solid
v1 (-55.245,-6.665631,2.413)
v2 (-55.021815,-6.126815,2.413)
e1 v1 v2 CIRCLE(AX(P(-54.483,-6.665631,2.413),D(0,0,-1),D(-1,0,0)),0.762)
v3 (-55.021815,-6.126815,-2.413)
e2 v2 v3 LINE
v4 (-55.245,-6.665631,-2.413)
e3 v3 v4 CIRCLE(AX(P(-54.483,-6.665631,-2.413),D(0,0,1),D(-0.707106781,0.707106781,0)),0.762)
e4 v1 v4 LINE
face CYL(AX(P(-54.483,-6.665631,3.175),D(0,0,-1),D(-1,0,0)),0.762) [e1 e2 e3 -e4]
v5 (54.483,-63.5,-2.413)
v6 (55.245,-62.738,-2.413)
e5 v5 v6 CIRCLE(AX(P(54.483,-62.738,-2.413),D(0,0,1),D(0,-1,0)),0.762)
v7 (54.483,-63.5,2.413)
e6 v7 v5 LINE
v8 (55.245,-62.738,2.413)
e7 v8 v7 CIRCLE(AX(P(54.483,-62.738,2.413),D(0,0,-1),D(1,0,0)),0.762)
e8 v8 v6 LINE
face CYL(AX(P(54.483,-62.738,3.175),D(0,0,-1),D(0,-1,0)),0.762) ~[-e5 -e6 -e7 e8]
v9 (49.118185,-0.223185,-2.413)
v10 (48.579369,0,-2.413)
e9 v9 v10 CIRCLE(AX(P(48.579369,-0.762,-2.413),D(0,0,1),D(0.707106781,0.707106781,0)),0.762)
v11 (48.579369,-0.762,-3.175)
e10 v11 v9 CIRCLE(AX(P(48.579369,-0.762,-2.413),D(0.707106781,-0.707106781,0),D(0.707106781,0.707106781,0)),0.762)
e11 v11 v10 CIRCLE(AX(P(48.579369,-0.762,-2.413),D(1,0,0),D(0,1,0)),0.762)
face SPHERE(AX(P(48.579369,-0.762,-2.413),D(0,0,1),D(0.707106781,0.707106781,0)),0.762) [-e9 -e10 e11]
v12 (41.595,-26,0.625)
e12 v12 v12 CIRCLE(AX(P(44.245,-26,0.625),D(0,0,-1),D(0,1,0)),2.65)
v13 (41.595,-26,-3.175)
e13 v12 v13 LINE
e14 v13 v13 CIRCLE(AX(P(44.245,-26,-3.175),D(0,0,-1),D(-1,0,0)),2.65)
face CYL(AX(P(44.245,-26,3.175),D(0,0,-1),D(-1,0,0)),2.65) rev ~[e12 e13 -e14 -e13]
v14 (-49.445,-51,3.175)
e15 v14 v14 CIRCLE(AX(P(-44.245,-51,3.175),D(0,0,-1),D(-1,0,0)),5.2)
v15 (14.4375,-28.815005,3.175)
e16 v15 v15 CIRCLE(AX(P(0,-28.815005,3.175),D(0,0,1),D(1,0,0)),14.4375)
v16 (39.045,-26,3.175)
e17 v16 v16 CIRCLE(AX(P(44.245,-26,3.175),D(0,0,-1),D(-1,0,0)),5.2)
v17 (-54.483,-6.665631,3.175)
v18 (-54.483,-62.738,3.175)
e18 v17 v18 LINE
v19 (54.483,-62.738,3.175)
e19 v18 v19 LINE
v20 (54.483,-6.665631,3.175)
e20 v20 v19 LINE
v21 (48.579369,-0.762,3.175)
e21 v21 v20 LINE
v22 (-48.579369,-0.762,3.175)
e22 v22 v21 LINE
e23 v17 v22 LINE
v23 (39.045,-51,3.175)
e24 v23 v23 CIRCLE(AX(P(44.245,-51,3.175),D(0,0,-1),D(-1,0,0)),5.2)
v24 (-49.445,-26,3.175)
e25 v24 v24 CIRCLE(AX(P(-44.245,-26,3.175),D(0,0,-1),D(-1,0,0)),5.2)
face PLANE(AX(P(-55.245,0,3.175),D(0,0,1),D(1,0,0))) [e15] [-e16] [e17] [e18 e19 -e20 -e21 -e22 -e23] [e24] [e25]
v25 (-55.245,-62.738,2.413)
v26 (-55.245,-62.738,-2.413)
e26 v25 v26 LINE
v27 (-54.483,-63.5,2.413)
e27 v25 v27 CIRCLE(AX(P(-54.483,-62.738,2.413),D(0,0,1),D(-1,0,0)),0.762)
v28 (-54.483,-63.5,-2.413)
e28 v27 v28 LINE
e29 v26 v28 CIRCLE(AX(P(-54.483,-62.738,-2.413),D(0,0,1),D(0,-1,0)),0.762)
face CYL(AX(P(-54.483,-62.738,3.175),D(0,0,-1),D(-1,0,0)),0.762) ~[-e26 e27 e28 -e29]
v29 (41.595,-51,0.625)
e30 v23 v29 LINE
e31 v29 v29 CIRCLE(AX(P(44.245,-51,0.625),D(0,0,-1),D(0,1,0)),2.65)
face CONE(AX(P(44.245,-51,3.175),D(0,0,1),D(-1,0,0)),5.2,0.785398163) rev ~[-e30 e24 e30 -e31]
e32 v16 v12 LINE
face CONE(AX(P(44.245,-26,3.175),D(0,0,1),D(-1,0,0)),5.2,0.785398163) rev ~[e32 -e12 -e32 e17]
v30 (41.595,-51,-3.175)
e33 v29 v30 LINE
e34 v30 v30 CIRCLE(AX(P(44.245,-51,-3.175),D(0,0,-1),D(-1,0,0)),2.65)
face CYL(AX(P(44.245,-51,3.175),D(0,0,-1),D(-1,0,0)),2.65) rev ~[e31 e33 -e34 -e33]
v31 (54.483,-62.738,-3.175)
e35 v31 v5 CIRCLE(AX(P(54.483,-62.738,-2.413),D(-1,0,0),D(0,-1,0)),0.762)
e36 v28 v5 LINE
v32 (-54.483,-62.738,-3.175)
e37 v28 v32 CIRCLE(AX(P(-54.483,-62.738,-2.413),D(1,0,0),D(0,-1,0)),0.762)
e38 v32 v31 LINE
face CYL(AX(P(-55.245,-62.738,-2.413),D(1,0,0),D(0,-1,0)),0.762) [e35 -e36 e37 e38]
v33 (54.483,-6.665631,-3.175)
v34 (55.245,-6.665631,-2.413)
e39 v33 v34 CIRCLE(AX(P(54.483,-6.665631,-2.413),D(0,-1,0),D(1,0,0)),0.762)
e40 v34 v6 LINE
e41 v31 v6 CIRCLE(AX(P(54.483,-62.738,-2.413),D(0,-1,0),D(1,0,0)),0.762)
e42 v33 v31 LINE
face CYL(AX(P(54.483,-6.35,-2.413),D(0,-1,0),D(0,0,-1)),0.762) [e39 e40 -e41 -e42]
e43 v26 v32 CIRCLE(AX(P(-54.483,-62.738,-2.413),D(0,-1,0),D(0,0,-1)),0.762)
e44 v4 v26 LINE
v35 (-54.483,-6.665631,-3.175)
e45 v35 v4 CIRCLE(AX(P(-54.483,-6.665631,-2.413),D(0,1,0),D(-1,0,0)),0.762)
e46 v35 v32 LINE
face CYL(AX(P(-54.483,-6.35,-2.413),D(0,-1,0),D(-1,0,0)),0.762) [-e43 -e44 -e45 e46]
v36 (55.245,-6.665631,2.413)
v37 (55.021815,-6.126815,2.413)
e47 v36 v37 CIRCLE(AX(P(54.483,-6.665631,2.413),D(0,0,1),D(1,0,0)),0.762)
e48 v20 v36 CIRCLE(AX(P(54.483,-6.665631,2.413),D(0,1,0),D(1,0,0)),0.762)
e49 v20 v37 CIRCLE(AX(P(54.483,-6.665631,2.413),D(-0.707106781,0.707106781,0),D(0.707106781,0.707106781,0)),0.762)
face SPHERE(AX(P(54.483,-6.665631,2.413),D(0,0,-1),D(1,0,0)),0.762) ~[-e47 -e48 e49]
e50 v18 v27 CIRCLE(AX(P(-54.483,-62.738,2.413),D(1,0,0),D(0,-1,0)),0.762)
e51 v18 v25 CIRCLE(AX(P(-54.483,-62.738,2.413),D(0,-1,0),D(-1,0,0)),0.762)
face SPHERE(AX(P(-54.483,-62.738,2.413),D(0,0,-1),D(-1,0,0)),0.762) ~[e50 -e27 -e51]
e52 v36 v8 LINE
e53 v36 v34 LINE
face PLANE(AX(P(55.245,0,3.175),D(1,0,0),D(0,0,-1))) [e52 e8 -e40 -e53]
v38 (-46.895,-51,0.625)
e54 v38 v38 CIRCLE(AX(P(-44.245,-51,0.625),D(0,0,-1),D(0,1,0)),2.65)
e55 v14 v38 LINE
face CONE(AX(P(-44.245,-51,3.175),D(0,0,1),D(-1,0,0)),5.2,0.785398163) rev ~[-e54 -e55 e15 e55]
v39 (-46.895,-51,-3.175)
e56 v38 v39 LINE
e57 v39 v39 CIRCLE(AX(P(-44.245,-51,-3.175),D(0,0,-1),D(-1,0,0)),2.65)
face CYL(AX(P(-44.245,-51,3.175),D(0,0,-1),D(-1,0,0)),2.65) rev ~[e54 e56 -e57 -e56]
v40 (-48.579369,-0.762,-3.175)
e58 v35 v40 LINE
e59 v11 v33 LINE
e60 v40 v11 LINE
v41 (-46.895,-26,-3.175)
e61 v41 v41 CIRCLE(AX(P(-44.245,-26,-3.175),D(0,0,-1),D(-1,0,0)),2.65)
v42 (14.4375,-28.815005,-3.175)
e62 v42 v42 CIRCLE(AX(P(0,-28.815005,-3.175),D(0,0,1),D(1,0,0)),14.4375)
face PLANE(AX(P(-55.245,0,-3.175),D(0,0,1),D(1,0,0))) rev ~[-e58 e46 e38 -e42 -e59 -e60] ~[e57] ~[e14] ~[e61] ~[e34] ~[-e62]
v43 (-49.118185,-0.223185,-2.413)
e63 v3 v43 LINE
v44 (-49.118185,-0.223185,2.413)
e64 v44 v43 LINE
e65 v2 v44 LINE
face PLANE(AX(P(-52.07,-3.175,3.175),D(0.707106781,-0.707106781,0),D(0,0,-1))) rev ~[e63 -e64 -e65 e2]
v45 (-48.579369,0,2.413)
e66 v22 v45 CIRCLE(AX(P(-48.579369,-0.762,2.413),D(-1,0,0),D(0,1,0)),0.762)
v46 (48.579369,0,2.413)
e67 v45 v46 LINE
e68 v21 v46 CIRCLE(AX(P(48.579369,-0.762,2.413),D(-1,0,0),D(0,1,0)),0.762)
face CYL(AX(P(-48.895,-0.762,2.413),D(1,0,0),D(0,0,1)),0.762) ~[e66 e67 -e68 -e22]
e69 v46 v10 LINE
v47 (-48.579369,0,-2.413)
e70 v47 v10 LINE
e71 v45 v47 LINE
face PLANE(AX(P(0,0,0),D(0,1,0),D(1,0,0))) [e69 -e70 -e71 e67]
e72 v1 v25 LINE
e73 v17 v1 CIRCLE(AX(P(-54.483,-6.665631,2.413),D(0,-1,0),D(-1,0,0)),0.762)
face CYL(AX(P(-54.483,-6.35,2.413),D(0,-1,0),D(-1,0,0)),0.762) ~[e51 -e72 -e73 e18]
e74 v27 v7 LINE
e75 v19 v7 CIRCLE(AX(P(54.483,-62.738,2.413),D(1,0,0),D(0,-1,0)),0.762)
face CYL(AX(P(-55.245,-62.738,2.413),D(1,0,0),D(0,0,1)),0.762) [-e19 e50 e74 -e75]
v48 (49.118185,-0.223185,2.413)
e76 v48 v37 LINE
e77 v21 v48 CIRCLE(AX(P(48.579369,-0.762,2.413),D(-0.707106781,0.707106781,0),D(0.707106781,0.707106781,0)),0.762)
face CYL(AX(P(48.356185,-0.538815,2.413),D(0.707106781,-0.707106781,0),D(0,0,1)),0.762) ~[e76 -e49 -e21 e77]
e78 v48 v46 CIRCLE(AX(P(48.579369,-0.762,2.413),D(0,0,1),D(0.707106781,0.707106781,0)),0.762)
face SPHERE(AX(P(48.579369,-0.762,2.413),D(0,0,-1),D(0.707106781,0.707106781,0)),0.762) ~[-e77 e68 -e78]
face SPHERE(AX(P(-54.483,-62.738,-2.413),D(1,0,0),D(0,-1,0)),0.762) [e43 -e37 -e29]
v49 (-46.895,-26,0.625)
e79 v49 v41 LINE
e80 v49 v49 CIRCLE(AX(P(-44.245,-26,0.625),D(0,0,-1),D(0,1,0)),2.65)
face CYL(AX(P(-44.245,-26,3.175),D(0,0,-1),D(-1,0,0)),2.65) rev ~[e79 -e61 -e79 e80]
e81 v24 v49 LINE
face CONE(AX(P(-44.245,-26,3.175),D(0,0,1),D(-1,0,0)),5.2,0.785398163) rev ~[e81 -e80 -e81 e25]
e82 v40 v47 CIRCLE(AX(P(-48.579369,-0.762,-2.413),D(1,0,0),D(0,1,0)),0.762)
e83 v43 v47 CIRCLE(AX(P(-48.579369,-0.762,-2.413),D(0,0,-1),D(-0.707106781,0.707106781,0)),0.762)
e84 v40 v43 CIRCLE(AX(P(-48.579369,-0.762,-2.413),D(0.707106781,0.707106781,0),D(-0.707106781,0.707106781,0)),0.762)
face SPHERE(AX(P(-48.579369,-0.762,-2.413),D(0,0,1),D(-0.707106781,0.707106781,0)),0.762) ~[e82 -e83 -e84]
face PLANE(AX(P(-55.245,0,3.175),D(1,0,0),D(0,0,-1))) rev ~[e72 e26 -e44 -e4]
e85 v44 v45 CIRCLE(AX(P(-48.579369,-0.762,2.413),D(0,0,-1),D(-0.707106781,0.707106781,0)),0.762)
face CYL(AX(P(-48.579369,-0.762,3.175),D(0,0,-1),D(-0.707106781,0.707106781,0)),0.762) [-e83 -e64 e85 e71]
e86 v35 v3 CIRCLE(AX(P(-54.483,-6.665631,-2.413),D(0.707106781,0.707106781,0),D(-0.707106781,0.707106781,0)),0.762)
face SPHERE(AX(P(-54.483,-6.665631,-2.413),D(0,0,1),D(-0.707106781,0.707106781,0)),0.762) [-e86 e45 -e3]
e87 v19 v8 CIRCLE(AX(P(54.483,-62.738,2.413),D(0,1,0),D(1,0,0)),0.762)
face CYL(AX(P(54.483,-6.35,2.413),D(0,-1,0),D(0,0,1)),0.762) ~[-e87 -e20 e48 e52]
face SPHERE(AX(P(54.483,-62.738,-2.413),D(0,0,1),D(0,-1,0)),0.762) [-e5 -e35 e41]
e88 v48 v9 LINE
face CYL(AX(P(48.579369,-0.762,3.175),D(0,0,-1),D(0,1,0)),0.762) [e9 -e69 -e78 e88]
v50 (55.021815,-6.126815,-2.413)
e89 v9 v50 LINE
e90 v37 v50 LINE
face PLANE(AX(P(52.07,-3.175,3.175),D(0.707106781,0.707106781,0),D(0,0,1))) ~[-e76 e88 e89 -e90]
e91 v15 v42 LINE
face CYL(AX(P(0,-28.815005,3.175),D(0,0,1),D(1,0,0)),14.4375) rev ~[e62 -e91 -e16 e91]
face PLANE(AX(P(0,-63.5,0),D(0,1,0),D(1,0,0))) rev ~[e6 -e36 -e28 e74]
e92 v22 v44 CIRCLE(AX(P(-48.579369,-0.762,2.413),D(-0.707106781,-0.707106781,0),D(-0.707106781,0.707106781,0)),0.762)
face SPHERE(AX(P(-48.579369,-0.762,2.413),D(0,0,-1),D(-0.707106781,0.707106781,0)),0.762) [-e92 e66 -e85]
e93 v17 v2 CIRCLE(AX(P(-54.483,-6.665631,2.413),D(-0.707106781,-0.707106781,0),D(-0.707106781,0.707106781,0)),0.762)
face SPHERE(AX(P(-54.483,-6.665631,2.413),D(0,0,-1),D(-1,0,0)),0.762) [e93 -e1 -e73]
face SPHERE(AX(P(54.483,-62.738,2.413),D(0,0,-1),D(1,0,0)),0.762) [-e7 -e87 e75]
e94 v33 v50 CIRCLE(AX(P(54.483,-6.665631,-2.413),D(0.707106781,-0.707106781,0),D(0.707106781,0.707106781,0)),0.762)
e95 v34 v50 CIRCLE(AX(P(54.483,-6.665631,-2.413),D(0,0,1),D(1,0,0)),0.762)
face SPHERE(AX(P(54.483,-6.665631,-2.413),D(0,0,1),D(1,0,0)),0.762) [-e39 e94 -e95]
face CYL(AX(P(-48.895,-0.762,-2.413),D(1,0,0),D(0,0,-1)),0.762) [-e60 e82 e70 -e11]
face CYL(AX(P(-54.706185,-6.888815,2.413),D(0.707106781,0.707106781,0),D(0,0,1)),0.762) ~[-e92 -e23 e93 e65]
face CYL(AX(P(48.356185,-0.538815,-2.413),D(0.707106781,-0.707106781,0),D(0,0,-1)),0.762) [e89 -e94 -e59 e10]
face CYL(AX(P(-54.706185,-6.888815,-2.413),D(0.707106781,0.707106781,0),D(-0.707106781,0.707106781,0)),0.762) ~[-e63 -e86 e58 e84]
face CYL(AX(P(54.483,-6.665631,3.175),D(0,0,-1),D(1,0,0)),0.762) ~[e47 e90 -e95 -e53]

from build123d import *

# Parameters (mm, degrees)
SKETCH2_W                                       = 110.49
SKETCH2_H                                       = 6.35
BOSS_EXTRUDE1_DEPTH                             = 63.5
SKETCH3_R                                       = 14.43749998
CUT_EXTRUDE1_DEPTH                              = 85.407242136
CHAMFER1_SIZE                                   = 6.35
FILLET2_R                                       = 0.762
CSK_FOR_M5_FLAT_HEAD_MACHINE_SCREW1_D           = 5.3
CSK_FOR_M5_FLAT_HEAD_MACHINE_SCREW1_CSINK_D     = 10.4
CSK_FOR_M5_FLAT_HEAD_MACHINE_SCREW1_CSINK_ANGLE = 90


with BuildPart() as part:
    # Sketch2 → Boss-Extrude1 (new body)
    with BuildSketch(Plane(origin=(0, 0, 0), x_dir=(1, 0, 0), z_dir=(0, 1, 0))):
        Rectangle(SKETCH2_W, SKETCH2_H)
    extrude(amount=-BOSS_EXTRUDE1_DEPTH)

    # Sketch3 → Cut-Extrude1 (cut, through all)
    with BuildSketch(Plane.XY.offset(3.175)):
        with Locations((0, -28.8150046)):
            Circle(SKETCH3_R)
    extrude(amount=-CUT_EXTRUDE1_DEPTH, mode=Mode.SUBTRACT)

    # Chamfer1
    chamfer1_edges = [part.edges().sort_by_distance(p)[0] for p in [
        (55.245, 0, 0),
        (-55.245, 0, 0),
    ]]
    chamfer(chamfer1_edges, length=CHAMFER1_SIZE)

    # Fillet2
    fillet2_edges = [part.edges().sort_by_distance(p)[0] for p in [
        (55.245, -63.5, 0),
        (0, -63.5, -3.175),
        (0, 0, 3.175),
        (0, 0, -3.175),
        (48.895, 0, 0),
        (-48.895, 0, 0),
        (52.07, -3.175, 3.175),
        (-52.07, -3.175, 3.175),
        (-55.245, -6.35, 0),
        (52.07, -3.175, -3.175),
        (-52.07, -3.175, -3.175),
        (55.245, -6.35, 0),
        (-55.245, -63.5, 0),
        (-55.245, -34.925, -3.175),
        (55.245, -34.925, -3.175),
        (55.245, -34.925, 3.175),
        (-55.245, -34.925, 3.175),
        (0, -63.5, 3.175),
    ]]
    fillet(fillet2_edges, radius=FILLET2_R)

    # CSK for M5 Flat Head Machine Screw1 (through all)
    with Locations(Plane.XY.offset(3.175)):
        with Locations((-44.245, -26), (-44.245, -51), (44.245, -51), (44.245, -26)):
            CounterSinkHole(CSK_FOR_M5_FLAT_HEAD_MACHINE_SCREW1_D / 2, CSK_FOR_M5_FLAT_HEAD_MACHINE_SCREW1_CSINK_D / 2, counter_sink_angle=CSK_FOR_M5_FLAT_HEAD_MACHINE_SCREW1_CSINK_ANGLE)


solid = part.part
